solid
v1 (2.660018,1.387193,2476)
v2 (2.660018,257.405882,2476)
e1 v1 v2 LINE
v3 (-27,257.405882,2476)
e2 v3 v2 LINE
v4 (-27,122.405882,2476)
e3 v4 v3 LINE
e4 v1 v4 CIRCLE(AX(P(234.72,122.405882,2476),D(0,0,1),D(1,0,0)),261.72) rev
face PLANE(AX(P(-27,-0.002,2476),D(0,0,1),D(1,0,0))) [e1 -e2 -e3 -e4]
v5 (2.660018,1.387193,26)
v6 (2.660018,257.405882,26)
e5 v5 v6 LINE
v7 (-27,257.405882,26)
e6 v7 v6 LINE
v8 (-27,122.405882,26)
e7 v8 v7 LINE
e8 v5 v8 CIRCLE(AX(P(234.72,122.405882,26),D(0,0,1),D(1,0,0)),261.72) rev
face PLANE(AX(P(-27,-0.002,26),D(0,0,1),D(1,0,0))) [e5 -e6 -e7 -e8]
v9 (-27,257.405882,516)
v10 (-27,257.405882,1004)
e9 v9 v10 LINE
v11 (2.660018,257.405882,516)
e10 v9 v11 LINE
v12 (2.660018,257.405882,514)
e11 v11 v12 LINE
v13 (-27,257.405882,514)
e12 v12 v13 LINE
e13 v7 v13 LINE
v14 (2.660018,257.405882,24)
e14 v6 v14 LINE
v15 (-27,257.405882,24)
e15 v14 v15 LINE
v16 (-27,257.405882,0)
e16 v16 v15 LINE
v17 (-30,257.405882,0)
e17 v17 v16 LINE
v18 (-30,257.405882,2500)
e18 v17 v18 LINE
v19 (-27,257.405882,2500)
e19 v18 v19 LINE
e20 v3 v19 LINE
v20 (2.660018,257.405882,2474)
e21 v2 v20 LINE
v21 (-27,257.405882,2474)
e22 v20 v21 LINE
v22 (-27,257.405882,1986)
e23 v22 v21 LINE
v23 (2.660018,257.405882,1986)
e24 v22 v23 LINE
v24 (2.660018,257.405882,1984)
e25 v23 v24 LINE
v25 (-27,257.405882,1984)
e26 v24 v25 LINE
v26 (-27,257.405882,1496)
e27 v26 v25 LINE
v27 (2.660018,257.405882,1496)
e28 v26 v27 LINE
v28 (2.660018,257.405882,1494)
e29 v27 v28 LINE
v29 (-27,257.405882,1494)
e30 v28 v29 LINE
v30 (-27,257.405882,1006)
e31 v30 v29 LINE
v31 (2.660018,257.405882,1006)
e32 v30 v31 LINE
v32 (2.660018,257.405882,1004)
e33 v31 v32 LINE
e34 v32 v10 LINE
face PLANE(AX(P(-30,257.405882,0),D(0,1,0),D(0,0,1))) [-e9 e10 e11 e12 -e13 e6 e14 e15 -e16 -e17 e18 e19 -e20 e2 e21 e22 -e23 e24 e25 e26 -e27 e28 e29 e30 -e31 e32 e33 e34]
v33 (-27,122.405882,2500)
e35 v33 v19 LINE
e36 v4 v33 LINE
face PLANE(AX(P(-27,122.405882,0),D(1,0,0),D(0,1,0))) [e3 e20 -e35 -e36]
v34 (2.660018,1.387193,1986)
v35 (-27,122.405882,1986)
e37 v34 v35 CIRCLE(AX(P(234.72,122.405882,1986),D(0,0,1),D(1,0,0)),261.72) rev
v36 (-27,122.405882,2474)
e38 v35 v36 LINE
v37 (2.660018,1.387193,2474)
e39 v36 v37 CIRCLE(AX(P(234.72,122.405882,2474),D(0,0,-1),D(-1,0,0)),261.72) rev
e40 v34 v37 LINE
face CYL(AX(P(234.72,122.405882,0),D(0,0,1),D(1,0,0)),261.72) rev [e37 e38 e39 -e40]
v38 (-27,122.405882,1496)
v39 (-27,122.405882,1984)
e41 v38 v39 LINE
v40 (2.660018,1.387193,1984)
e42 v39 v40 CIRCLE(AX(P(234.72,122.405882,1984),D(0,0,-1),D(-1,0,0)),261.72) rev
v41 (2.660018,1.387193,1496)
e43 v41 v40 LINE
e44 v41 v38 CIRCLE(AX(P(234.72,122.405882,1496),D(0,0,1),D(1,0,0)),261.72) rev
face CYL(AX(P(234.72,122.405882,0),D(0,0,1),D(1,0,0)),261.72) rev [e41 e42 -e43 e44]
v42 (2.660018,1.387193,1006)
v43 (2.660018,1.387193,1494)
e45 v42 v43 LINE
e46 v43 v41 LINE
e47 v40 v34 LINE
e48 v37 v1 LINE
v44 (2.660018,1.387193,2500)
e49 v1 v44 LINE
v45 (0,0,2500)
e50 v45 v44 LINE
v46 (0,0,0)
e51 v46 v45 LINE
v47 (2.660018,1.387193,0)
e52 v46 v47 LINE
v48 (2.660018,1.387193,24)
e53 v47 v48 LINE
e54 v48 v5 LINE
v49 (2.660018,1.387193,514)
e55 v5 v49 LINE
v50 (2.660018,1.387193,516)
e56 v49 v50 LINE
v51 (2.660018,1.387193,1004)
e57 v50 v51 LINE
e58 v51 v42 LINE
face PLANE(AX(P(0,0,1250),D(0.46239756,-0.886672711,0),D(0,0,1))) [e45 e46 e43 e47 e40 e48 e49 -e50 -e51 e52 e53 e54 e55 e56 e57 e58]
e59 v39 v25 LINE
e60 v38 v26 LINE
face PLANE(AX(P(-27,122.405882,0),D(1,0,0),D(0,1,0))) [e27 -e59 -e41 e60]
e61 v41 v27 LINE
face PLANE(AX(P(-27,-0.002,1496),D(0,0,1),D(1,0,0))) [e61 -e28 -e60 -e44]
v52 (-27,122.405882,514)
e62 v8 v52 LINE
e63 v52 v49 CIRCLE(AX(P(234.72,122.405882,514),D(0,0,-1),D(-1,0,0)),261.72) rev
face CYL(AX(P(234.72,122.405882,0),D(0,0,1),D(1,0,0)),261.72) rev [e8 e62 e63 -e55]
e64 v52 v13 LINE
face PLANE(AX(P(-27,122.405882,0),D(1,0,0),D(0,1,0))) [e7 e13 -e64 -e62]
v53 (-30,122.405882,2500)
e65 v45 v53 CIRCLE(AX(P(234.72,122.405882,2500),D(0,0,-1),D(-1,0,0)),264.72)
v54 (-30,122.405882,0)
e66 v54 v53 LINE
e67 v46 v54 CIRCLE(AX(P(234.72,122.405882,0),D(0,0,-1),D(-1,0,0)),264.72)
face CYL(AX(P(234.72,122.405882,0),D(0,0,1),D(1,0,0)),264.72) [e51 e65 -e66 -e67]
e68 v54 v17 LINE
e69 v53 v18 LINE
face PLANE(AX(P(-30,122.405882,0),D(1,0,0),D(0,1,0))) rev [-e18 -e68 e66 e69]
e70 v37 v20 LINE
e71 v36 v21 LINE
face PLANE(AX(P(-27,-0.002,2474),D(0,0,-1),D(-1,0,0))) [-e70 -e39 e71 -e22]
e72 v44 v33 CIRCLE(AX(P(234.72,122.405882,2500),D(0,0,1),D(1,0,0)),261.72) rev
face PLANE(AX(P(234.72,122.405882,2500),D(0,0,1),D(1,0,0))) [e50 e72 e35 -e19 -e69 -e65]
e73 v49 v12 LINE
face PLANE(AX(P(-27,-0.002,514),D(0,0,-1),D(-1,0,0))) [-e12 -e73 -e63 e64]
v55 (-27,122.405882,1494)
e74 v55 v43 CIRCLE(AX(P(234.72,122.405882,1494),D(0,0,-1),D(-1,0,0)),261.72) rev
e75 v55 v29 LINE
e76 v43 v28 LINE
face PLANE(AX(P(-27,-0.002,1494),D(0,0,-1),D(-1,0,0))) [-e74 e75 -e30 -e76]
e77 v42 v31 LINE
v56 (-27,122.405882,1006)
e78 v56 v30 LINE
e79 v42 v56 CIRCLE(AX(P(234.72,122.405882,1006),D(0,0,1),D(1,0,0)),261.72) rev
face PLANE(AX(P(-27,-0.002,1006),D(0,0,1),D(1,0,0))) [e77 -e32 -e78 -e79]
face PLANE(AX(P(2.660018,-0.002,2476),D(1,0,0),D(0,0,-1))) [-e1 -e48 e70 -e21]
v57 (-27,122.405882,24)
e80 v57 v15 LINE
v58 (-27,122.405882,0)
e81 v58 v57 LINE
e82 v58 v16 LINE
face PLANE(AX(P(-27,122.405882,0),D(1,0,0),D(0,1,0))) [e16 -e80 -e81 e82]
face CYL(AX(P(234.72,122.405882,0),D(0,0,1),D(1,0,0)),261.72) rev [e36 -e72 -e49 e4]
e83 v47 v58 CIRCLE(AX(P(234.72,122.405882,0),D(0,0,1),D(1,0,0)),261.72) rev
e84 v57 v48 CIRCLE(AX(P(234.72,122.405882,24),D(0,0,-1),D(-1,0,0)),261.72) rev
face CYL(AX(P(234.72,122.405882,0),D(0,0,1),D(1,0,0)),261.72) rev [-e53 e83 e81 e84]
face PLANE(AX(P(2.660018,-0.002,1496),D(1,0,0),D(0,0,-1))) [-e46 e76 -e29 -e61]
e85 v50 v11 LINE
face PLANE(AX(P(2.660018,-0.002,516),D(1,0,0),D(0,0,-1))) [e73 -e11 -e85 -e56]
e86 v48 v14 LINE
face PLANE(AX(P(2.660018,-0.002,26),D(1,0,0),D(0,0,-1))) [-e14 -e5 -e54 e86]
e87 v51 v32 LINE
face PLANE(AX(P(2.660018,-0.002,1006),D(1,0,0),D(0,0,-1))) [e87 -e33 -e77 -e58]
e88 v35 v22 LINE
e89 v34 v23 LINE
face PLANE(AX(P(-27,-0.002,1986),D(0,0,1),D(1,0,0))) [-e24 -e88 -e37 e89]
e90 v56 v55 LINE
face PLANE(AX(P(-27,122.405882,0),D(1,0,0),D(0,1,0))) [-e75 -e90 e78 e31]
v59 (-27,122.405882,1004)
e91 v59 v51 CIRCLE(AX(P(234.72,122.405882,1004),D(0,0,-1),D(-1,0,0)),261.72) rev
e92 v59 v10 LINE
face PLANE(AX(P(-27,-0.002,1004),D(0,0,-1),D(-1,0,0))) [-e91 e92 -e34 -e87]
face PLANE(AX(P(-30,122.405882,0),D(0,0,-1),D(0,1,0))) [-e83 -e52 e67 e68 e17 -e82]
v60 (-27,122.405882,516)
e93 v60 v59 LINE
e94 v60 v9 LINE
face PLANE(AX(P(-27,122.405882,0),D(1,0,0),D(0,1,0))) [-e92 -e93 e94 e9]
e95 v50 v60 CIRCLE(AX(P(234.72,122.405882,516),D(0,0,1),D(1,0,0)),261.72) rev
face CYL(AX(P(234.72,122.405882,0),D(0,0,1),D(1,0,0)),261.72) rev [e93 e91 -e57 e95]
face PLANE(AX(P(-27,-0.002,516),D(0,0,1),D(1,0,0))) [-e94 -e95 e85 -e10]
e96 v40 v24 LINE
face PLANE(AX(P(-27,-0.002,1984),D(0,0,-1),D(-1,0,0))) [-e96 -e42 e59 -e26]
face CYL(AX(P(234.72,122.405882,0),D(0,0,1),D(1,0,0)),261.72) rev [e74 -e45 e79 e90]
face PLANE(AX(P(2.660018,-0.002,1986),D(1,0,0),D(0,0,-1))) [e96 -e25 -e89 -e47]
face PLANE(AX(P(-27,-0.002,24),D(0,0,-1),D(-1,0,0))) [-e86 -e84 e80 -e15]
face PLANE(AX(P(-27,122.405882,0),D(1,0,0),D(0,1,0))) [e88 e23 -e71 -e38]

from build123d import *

# Parameters (mm, degrees)
SURFACE_EXTRUDE1_1_DEPTH = 2500
THICKEN1_T1              = 3
BOSS_EXTRUDE1_REACH      = 2515.396
SKETCH2_W                = 29.660018132
SKETCH2_H                = 2


with BuildPart() as body_1:
    # Surface-Extrude1: a surface, the sketch's curves swept straight by 2500 mm
    with BuildLine(Plane.XY, mode=Mode.PRIVATE) as surface_extrude1_1_path:
        Line((-30, 257.405882212), (-30, 122.405882212))
        ThreePointArc((-30, 122.405882212), (-22.390634553, 59.391598117), (0, 0))
    surface_extrude1_1 = Shell.extrude(surface_extrude1_1_path.wire(), (0 * SURFACE_EXTRUDE1_1_DEPTH, 0 * SURFACE_EXTRUDE1_1_DEPTH, 1 * SURFACE_EXTRUDE1_1_DEPTH))
    add(Solid.thicken(surface_extrude1_1, THICKEN1_T1))

    # Sketch2 → Boss-Extrude1 (add, up to next)
    with BuildSketch(Plane(origin=(0, 257.405882212, 0), x_dir=(1, 0, 0), z_dir=(0, 1, 0)), mode=Mode.PRIVATE) as boss_extrude1_sk1:
        with Locations((-12.169990934, -2475)):
            Rectangle(SKETCH2_W, SKETCH2_H)
    boss_extrude1_tool1 = extrude(boss_extrude1_sk1.sketch, amount=-BOSS_EXTRUDE1_REACH, mode=Mode.PRIVATE) - body_1.part
    # Sketch2 → Boss-Extrude1 (add, up to next)
    with BuildSketch(Plane(origin=(0, 257.405882212, 0), x_dir=(1, 0, 0), z_dir=(0, 1, 0)), mode=Mode.PRIVATE) as boss_extrude1_sk2:
        with Locations((-12.169990934, -1985)):
            Rectangle(SKETCH2_W, SKETCH2_H)
    boss_extrude1_tool2 = extrude(boss_extrude1_sk2.sketch, amount=-BOSS_EXTRUDE1_REACH, mode=Mode.PRIVATE) - body_1.part
    # Sketch2 → Boss-Extrude1 (add, up to next)
    with BuildSketch(Plane(origin=(0, 257.405882212, 0), x_dir=(1, 0, 0), z_dir=(0, 1, 0)), mode=Mode.PRIVATE) as boss_extrude1_sk3:
        with Locations((-12.169990934, -1495)):
            Rectangle(SKETCH2_W, SKETCH2_H)
    boss_extrude1_tool3 = extrude(boss_extrude1_sk3.sketch, amount=-BOSS_EXTRUDE1_REACH, mode=Mode.PRIVATE) - body_1.part
    # Sketch2 → Boss-Extrude1 (add, up to next)
    with BuildSketch(Plane(origin=(0, 257.405882212, 0), x_dir=(1, 0, 0), z_dir=(0, 1, 0)), mode=Mode.PRIVATE) as boss_extrude1_sk4:
        with Locations((-12.169990934, -1005)):
            Rectangle(SKETCH2_W, SKETCH2_H)
    boss_extrude1_tool4 = extrude(boss_extrude1_sk4.sketch, amount=-BOSS_EXTRUDE1_REACH, mode=Mode.PRIVATE) - body_1.part
    # Sketch2 → Boss-Extrude1 (add, up to next)
    with BuildSketch(Plane(origin=(0, 257.405882212, 0), x_dir=(1, 0, 0), z_dir=(0, 1, 0)), mode=Mode.PRIVATE) as boss_extrude1_sk5:
        with Locations((-12.169990934, -515)):
            Rectangle(SKETCH2_W, SKETCH2_H)
    boss_extrude1_tool5 = extrude(boss_extrude1_sk5.sketch, amount=-BOSS_EXTRUDE1_REACH, mode=Mode.PRIVATE) - body_1.part
    # Sketch2 → Boss-Extrude1 (add, up to next)
    with BuildSketch(Plane(origin=(0, 257.405882212, 0), x_dir=(1, 0, 0), z_dir=(0, 1, 0)), mode=Mode.PRIVATE) as boss_extrude1_sk6:
        with Locations((-12.169990934, -25)):
            Rectangle(SKETCH2_W, SKETCH2_H)
    boss_extrude1_tool6 = extrude(boss_extrude1_sk6.sketch, amount=-BOSS_EXTRUDE1_REACH, mode=Mode.PRIVATE) - body_1.part
    add(boss_extrude1_tool1.solids().sort_by_distance((-12.169991, 257.405882, 2475))[0])
    add(boss_extrude1_tool2.solids().sort_by_distance((-12.169991, 257.405882, 1985))[0])
    add(boss_extrude1_tool3.solids().sort_by_distance((-12.169991, 257.405882, 1495))[0])
    add(boss_extrude1_tool4.solids().sort_by_distance((-12.169991, 257.405882, 1005))[0])
    add(boss_extrude1_tool5.solids().sort_by_distance((-12.169991, 257.405882, 515))[0])
    add(boss_extrude1_tool6.solids().sort_by_distance((-12.169991, 257.405882, 25))[0])


solid = body_1.part
